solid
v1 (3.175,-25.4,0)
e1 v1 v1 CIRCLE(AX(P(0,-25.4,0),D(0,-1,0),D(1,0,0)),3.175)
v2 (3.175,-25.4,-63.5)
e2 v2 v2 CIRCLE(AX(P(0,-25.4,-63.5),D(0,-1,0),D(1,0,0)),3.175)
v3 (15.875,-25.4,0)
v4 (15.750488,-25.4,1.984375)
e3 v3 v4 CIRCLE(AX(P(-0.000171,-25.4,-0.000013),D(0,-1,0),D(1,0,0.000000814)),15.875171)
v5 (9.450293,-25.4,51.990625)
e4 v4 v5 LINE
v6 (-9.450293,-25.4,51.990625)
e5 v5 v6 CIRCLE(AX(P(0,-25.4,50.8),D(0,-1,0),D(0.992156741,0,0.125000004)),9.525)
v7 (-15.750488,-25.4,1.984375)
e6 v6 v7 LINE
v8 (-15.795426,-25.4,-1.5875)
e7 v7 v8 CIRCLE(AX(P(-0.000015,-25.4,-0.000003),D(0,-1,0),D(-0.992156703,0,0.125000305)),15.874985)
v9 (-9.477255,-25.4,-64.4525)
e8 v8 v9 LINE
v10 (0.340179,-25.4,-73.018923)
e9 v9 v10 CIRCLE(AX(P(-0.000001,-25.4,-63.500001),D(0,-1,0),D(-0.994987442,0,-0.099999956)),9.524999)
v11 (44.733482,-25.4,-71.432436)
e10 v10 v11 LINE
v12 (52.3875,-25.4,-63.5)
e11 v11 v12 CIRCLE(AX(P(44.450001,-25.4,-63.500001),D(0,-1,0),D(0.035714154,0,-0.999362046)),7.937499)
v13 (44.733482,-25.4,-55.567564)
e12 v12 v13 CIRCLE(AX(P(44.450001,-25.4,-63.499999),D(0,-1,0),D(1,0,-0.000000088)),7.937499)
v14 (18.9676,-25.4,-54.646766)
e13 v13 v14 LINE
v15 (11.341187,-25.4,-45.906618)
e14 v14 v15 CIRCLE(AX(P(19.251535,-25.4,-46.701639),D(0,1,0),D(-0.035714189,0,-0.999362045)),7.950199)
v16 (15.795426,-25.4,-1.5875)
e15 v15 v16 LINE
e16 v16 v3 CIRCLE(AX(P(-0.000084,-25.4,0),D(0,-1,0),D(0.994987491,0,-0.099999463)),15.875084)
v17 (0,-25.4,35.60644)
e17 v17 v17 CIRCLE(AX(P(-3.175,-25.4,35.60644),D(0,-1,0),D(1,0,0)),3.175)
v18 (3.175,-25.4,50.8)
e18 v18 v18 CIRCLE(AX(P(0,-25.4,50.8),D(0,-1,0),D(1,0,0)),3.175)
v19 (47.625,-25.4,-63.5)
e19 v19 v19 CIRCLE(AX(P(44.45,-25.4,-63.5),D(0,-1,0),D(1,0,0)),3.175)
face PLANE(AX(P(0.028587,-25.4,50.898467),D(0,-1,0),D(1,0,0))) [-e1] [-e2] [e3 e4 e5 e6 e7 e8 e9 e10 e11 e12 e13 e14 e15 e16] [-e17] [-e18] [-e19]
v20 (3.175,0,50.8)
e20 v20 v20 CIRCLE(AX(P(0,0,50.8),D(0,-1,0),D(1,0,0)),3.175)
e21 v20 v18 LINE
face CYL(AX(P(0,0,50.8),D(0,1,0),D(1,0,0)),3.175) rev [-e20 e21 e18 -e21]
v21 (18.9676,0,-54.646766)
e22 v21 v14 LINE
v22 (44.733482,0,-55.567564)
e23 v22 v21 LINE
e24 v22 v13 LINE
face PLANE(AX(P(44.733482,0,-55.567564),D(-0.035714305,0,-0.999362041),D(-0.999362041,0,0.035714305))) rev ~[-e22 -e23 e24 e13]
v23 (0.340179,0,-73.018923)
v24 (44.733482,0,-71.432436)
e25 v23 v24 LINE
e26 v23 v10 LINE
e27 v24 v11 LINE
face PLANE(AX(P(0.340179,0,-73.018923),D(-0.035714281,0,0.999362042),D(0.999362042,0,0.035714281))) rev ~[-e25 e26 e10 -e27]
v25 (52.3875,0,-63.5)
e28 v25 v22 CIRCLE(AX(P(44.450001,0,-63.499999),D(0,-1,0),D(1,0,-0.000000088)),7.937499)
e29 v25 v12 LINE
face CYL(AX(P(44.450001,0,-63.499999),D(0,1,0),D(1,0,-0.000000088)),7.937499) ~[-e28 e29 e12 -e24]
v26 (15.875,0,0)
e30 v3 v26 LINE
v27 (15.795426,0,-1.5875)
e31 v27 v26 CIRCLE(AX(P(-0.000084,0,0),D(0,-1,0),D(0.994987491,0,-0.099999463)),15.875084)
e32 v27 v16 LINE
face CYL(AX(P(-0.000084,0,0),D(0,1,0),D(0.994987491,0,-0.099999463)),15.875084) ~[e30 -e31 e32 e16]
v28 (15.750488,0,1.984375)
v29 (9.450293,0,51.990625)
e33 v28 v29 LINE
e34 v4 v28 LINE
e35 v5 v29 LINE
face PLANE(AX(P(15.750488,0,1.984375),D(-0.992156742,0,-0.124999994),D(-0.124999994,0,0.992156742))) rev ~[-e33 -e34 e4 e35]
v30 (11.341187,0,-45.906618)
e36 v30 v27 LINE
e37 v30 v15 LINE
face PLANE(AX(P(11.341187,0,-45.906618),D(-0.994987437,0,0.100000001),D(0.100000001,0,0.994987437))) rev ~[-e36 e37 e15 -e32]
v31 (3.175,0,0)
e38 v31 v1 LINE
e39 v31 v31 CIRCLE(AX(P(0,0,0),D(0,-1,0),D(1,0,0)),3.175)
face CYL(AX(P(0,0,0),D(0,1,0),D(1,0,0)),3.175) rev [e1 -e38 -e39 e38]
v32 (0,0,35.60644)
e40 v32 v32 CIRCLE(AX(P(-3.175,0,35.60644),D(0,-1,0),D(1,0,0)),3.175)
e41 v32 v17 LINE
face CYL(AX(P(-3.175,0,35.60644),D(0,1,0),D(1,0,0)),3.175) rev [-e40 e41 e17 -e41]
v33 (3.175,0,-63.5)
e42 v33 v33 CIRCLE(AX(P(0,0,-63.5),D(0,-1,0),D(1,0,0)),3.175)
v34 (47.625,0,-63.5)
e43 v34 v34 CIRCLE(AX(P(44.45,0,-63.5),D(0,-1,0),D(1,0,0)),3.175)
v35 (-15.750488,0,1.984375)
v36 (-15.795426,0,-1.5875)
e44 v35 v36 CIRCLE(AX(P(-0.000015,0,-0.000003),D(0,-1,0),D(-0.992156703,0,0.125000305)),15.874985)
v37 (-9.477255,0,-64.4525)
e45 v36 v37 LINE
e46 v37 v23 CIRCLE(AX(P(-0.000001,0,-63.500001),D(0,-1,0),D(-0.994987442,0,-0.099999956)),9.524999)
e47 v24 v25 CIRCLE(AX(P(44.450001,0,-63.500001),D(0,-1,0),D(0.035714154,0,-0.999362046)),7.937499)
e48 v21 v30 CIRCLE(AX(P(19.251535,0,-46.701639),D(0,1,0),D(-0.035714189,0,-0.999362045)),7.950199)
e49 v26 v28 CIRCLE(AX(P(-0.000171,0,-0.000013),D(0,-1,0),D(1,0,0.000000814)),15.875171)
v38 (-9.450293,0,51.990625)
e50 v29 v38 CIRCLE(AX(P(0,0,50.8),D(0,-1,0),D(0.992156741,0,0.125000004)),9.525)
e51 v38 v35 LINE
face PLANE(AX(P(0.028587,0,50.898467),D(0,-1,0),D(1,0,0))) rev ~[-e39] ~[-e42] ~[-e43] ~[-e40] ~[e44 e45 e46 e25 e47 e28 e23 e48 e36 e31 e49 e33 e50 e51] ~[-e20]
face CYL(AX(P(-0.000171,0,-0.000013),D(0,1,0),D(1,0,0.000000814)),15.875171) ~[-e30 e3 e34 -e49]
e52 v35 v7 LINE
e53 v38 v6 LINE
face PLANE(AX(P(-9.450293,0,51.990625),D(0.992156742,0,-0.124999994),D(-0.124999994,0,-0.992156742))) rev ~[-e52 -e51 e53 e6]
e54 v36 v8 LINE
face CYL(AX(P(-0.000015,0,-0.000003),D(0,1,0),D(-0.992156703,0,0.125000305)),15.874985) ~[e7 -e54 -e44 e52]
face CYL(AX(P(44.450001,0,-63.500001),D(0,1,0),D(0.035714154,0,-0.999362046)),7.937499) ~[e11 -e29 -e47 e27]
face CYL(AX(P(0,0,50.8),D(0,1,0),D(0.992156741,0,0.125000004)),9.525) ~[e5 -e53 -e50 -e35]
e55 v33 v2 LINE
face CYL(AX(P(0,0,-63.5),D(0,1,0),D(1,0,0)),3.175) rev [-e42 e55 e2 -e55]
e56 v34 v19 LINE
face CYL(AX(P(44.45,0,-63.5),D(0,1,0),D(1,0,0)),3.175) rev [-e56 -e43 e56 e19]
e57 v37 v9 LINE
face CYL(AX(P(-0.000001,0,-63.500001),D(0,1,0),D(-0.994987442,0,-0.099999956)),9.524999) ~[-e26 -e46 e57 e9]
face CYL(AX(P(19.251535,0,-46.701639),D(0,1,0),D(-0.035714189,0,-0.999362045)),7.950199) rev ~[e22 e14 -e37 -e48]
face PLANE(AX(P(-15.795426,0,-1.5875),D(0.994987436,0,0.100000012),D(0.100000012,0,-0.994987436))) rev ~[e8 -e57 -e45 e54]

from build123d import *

# Parameters (mm, degrees)
F0_R     = 3.175
F1_DEPTH = 3.048
F2_DEPTH = 25.4


with BuildPart() as f1:
    # F0 (on Front) → F1 (new body)
    with BuildSketch(Plane.XZ):
        with BuildLine():
            ThreePointArc((-9.450293, 51.990625), (-0.596483, 41.293695), (9.525, 50.8))
            ThreePointArc((9.525, 50.8), (9.506305, 51.396483), (9.450293, 51.990625))
            ThreePointArc((9.450293, 51.990625), (0, 60.325), (-9.450293, 51.990625))
        make_face()
        with Locations((0, 50.8)):
            Circle(F0_R, mode=Mode.SUBTRACT)
        with BuildLine():
            ThreePointArc((9.525, -63.5), (-0.476848, -53.986944), (-9.477255, -64.4525))
            ThreePointArc((-9.477255, -64.4525), (-6.262383, -70.67692), (0.340179, -73.018923))
            ThreePointArc((0.340179, -73.018923), (6.854408, -70.113827), (9.525, -63.5))
        make_face()
        with Locations((0, -63.5)):
            Circle(F0_R, mode=Mode.SUBTRACT)
        with BuildLine():
            ThreePointArc((44.733482, -55.567564), (36.5125, -63.5), (44.733482, -71.432436))
            ThreePointArc((44.733482, -71.432436), (50.162007, -69.011523), (52.3875, -63.5))
            ThreePointArc((52.3875, -63.5), (50.162007, -57.988477), (44.733482, -55.567564))
        make_face()
        with Locations((44.45, -63.5)):
            Circle(F0_R, mode=Mode.SUBTRACT)
        with BuildLine():
            ThreePointArc((9.450293, 51.990625), (9.506305, 51.396483), (9.525, 50.8))
            ThreePointArc((9.525, 50.8), (-0.596483, 41.293695), (-9.450293, 51.990625))
            Line((-9.450293, 51.990625), (-15.750488, 1.984375))
            ThreePointArc((-15.750488, 1.984375), (0, 15.875), (15.750488, 1.984375))
            Line((15.750488, 1.984375), (9.450293, 51.990625))
        make_face()
        with Locations((-3.175, 35.60644)):
            Circle(F0_R, mode=Mode.SUBTRACT)
        with BuildLine():
            ThreePointArc((15.875, 0), (15.843841, 0.994139), (15.750488, 1.984375))
            ThreePointArc((15.750488, 1.984375), (0, 15.875), (-15.750488, 1.984375))
            ThreePointArc((-15.750488, 1.984375), (-15.873744, 0.199705), (-15.795426, -1.5875))
            ThreePointArc((-15.795426, -1.5875), (0, -15.875), (15.795426, -1.5875))
            ThreePointArc((15.795426, -1.5875), (15.855094, -0.794747), (15.875, 0))
        make_face()
        Circle(F0_R, mode=Mode.SUBTRACT)
        with BuildLine():
            ThreePointArc((15.795426, -1.5875), (0, -15.875), (-15.795426, -1.5875))
            Line((-15.795426, -1.5875), (-9.477255, -64.4525))
            ThreePointArc((-9.477255, -64.4525), (-0.476848, -53.986944), (9.525, -63.5))
            ThreePointArc((9.525, -63.5), (6.854408, -70.113827), (0.340179, -73.018923))
            Line((0.340179, -73.018923), (44.733482, -71.432436))
            ThreePointArc((44.733482, -71.432436), (36.5125, -63.5), (44.733482, -55.567564))
            Line((44.733482, -55.567564), (18.9676, -54.646766))
            ThreePointArc((18.9676, -54.646766), (13.2612, -51.928641), (11.341187, -45.906618))
            Line((11.341187, -45.906618), (15.795426, -1.5875))
        make_face()
    extrude(amount=F1_DEPTH)

    # F0 (on Front) → F2 (join)
    with BuildSketch(Plane.XZ):
        with BuildLine():
            ThreePointArc((-9.450293, 51.990625), (-0.596483, 41.293695), (9.525, 50.8))
            ThreePointArc((9.525, 50.8), (9.506305, 51.396483), (9.450293, 51.990625))
            ThreePointArc((9.450293, 51.990625), (0, 60.325), (-9.450293, 51.990625))
        make_face()
        with Locations((0, 50.8)):
            Circle(F0_R, mode=Mode.SUBTRACT)
        with BuildLine():
            ThreePointArc((9.450293, 51.990625), (9.506305, 51.396483), (9.525, 50.8))
            ThreePointArc((9.525, 50.8), (-0.596483, 41.293695), (-9.450293, 51.990625))
            Line((-9.450293, 51.990625), (-15.750488, 1.984375))
            ThreePointArc((-15.750488, 1.984375), (0, 15.875), (15.750488, 1.984375))
            Line((15.750488, 1.984375), (9.450293, 51.990625))
        make_face()
        with Locations((-3.175, 35.60644)):
            Circle(F0_R, mode=Mode.SUBTRACT)
        with BuildLine():
            ThreePointArc((15.875, 0), (15.843841, 0.994139), (15.750488, 1.984375))
            ThreePointArc((15.750488, 1.984375), (0, 15.875), (-15.750488, 1.984375))
            ThreePointArc((-15.750488, 1.984375), (-15.873744, 0.199705), (-15.795426, -1.5875))
            ThreePointArc((-15.795426, -1.5875), (0, -15.875), (15.795426, -1.5875))
            ThreePointArc((15.795426, -1.5875), (15.855094, -0.794747), (15.875, 0))
        make_face()
        Circle(F0_R, mode=Mode.SUBTRACT)
        with BuildLine():
            ThreePointArc((15.795426, -1.5875), (0, -15.875), (-15.795426, -1.5875))
            Line((-15.795426, -1.5875), (-9.477255, -64.4525))
            ThreePointArc((-9.477255, -64.4525), (-0.476848, -53.986944), (9.525, -63.5))
            ThreePointArc((9.525, -63.5), (6.854408, -70.113827), (0.340179, -73.018923))
            Line((0.340179, -73.018923), (44.733482, -71.432436))
            ThreePointArc((44.733482, -71.432436), (36.5125, -63.5), (44.733482, -55.567564))
            Line((44.733482, -55.567564), (18.9676, -54.646766))
            ThreePointArc((18.9676, -54.646766), (13.2612, -51.928641), (11.341187, -45.906618))
            Line((11.341187, -45.906618), (15.795426, -1.5875))
        make_face()
        with BuildLine():
            ThreePointArc((9.525, -63.5), (-0.476848, -53.986944), (-9.477255, -64.4525))
            ThreePointArc((-9.477255, -64.4525), (-6.262383, -70.67692), (0.340179, -73.018923))
            ThreePointArc((0.340179, -73.018923), (6.854408, -70.113827), (9.525, -63.5))
        make_face()
        with Locations((0, -63.5)):
            Circle(F0_R, mode=Mode.SUBTRACT)
        with BuildLine():
            ThreePointArc((44.733482, -55.567564), (36.5125, -63.5), (44.733482, -71.432436))
            ThreePointArc((44.733482, -71.432436), (50.162007, -69.011523), (52.3875, -63.5))
            ThreePointArc((52.3875, -63.5), (50.162007, -57.988477), (44.733482, -55.567564))
        make_face()
        with Locations((44.45, -63.5)):
            Circle(F0_R, mode=Mode.SUBTRACT)
    extrude(amount=F2_DEPTH)


solid = f1.part
